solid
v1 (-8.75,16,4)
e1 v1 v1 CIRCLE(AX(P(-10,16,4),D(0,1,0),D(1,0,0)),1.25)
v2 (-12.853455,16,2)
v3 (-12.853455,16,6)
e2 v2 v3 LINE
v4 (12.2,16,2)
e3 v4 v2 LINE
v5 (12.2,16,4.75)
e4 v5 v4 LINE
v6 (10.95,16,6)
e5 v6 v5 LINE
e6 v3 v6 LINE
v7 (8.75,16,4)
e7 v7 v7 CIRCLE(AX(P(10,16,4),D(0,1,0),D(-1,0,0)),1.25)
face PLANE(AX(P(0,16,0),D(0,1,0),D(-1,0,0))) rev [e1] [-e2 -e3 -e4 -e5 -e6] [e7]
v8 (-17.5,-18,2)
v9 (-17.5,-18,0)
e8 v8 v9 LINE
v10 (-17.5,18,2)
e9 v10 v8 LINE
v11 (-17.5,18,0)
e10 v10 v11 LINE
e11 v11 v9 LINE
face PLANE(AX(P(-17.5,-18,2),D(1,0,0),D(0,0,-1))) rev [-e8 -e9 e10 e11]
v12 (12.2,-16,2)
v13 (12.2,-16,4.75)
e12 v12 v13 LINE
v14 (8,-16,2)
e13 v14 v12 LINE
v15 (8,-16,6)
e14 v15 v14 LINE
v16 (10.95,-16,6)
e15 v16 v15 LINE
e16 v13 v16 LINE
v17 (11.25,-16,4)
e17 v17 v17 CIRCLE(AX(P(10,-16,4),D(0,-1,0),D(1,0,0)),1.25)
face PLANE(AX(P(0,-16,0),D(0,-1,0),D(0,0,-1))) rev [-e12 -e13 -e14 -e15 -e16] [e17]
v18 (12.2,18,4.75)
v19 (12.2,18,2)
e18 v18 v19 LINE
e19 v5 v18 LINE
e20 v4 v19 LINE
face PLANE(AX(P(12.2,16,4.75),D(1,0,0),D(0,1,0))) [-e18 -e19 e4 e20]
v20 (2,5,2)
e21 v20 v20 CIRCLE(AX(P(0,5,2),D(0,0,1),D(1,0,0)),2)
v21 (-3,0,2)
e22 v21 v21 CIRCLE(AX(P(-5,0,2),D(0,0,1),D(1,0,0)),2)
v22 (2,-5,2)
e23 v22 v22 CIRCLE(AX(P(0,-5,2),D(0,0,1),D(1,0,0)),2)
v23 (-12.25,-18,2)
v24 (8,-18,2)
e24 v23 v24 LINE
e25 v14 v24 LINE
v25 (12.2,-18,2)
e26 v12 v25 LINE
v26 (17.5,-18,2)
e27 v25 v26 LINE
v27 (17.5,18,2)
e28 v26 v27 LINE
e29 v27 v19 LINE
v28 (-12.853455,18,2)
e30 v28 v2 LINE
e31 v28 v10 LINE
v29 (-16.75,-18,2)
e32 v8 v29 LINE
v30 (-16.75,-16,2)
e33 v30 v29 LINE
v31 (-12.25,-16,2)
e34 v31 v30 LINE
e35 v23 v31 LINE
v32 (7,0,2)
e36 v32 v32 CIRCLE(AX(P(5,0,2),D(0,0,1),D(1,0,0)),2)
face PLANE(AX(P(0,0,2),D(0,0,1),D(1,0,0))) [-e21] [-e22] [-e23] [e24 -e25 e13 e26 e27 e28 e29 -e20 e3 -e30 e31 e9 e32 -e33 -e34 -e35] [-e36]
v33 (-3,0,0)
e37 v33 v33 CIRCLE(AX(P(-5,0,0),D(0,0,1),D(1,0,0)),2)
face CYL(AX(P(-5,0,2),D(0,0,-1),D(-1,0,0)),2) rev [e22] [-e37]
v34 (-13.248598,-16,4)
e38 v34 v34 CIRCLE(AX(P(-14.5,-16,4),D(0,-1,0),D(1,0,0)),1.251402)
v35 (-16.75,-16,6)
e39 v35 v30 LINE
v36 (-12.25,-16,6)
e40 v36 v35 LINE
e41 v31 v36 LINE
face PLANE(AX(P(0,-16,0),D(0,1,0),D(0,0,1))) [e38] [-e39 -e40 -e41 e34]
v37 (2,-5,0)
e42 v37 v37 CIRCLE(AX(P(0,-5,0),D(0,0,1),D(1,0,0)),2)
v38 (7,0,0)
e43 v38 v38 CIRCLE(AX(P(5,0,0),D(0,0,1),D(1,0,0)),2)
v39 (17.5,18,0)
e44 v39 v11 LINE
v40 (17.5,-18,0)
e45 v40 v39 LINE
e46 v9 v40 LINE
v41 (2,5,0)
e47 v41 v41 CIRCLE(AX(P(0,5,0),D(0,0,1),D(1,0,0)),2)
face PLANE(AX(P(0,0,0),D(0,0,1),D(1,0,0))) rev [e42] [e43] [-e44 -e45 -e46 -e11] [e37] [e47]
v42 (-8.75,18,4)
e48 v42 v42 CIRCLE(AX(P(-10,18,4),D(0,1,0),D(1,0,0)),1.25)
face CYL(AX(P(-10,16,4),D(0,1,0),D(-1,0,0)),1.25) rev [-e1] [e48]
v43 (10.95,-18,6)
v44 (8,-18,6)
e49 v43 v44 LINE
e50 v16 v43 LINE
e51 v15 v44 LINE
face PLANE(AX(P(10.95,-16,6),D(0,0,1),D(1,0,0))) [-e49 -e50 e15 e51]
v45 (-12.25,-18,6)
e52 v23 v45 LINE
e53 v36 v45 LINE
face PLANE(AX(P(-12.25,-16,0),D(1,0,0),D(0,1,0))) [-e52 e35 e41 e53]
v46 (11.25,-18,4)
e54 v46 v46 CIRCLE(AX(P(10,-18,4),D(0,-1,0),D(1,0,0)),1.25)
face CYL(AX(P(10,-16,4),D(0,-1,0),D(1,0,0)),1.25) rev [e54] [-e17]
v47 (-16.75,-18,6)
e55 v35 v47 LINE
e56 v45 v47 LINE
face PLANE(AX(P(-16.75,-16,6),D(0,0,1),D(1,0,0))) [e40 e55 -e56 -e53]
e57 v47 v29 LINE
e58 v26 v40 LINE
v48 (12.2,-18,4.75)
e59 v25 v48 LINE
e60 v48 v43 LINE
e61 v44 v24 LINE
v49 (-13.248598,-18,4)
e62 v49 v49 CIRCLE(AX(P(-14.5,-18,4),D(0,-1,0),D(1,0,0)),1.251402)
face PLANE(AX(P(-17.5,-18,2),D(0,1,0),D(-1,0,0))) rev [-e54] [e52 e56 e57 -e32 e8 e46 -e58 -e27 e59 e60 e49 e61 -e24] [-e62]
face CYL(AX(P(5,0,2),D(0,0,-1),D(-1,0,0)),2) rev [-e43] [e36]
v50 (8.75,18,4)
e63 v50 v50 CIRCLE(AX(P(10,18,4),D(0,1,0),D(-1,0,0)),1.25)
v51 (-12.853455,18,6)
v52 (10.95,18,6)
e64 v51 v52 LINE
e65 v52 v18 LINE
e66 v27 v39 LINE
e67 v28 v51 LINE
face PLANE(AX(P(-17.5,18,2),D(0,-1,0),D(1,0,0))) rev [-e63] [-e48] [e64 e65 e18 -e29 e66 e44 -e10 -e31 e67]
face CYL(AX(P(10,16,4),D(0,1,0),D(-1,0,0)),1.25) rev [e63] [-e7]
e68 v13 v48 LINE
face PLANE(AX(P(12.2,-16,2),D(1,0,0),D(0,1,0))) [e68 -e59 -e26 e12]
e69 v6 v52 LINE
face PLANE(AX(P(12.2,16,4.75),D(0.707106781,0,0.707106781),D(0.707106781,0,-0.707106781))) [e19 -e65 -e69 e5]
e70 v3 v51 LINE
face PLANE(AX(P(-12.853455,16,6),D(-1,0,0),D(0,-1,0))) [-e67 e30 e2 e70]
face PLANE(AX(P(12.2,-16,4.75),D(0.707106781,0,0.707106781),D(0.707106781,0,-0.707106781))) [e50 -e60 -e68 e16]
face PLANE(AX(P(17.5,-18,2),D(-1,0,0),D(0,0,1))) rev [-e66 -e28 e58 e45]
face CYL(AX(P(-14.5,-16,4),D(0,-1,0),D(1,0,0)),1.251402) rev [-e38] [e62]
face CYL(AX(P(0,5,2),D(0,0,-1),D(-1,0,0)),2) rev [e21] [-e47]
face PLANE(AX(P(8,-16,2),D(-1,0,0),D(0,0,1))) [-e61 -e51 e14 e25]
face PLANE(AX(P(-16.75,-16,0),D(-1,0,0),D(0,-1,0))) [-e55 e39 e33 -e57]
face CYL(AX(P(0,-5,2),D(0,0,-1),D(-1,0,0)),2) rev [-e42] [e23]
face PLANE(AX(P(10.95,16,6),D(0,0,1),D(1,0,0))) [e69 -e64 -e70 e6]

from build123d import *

# Parameters (mm, degrees)
CROQUIS1_W              = 36
CROQUIS1_H              = 35
CROQUIS1_R              = 2
SALIENTE_EXTRUIR1_DEPTH = 2
CROQUIS2_R              = 1.25
SALIENTE_EXTRUIR2_DEPTH = 2
SALIENTE_EXTRUIR3_START = -2
CROQUIS3_W              = 4.5
CROQUIS3_H              = 6
CROQUIS3_R              = 1.25140183
CROQUIS3_R_2            = 1.25
SALIENTE_EXTRUIR3_DEPTH = 2


with BuildPart() as part:
    # Croquis1 → Saliente-Extruir1 (new body)
    with BuildSketch(Plane(origin=(0, 0, 0), x_dir=(0, 1, 0), z_dir=(0, 0, 1))):
        Rectangle(CROQUIS1_W, CROQUIS1_H)
        with Locations(Location((0, 5, 0), (0, 0, 270))):
            Circle(CROQUIS1_R, mode=Mode.SUBTRACT)
        with Locations(Location((5, 0, 0), (0, 0, 270))):
            Circle(CROQUIS1_R, mode=Mode.SUBTRACT)
        with Locations(Location((0, -5, 0), (0, 0, 270))):
            Circle(CROQUIS1_R, mode=Mode.SUBTRACT)
        with Locations(Location((-5, 0, 0), (0, 0, 270))):
            Circle(CROQUIS1_R, mode=Mode.SUBTRACT)
    extrude(amount=SALIENTE_EXTRUIR1_DEPTH)

    # Croquis2 → Saliente-Extruir2 (add)
    with BuildSketch(Plane(origin=(0, 18, 0), x_dir=(-1, 0, 0), z_dir=(0, 1, 0))):
        Polygon((-10.95, 6), (12.85345456, 6), (12.85345456, 0), (-12.2, 0), (-12.2, 4.75), align=None)
        with Locations((-10, 4)):
            Circle(CROQUIS2_R, mode=Mode.SUBTRACT)
        with Locations(Location((10, 4, 0), (0, 0, 180))):
            Circle(CROQUIS2_R, mode=Mode.SUBTRACT)
    extrude(amount=-SALIENTE_EXTRUIR2_DEPTH)

    # Croquis3 → Saliente-Extruir3 (add)
    # profile 1 of 2: a face of its own
    with BuildSketch(Plane.XZ.offset(18).offset(SALIENTE_EXTRUIR3_START)):
        with Locations((-14.5, 3)):
            Rectangle(CROQUIS3_W, CROQUIS3_H)
        with Locations((-14.5, 4)):
            Circle(CROQUIS3_R, mode=Mode.SUBTRACT)
    # profile 2 of 2: a face of its own
    with BuildSketch(Plane.XZ.offset(18).offset(SALIENTE_EXTRUIR3_START)):
        Polygon((12.2, 4.75), (10.95, 6), (8, 6), (8, 2), (12.2, 2), align=None)
        with Locations(Location((10, 4, 0), (0, 0, 180))):
            Circle(CROQUIS3_R_2, mode=Mode.SUBTRACT)
    extrude(amount=SALIENTE_EXTRUIR3_DEPTH)


solid = part.part
